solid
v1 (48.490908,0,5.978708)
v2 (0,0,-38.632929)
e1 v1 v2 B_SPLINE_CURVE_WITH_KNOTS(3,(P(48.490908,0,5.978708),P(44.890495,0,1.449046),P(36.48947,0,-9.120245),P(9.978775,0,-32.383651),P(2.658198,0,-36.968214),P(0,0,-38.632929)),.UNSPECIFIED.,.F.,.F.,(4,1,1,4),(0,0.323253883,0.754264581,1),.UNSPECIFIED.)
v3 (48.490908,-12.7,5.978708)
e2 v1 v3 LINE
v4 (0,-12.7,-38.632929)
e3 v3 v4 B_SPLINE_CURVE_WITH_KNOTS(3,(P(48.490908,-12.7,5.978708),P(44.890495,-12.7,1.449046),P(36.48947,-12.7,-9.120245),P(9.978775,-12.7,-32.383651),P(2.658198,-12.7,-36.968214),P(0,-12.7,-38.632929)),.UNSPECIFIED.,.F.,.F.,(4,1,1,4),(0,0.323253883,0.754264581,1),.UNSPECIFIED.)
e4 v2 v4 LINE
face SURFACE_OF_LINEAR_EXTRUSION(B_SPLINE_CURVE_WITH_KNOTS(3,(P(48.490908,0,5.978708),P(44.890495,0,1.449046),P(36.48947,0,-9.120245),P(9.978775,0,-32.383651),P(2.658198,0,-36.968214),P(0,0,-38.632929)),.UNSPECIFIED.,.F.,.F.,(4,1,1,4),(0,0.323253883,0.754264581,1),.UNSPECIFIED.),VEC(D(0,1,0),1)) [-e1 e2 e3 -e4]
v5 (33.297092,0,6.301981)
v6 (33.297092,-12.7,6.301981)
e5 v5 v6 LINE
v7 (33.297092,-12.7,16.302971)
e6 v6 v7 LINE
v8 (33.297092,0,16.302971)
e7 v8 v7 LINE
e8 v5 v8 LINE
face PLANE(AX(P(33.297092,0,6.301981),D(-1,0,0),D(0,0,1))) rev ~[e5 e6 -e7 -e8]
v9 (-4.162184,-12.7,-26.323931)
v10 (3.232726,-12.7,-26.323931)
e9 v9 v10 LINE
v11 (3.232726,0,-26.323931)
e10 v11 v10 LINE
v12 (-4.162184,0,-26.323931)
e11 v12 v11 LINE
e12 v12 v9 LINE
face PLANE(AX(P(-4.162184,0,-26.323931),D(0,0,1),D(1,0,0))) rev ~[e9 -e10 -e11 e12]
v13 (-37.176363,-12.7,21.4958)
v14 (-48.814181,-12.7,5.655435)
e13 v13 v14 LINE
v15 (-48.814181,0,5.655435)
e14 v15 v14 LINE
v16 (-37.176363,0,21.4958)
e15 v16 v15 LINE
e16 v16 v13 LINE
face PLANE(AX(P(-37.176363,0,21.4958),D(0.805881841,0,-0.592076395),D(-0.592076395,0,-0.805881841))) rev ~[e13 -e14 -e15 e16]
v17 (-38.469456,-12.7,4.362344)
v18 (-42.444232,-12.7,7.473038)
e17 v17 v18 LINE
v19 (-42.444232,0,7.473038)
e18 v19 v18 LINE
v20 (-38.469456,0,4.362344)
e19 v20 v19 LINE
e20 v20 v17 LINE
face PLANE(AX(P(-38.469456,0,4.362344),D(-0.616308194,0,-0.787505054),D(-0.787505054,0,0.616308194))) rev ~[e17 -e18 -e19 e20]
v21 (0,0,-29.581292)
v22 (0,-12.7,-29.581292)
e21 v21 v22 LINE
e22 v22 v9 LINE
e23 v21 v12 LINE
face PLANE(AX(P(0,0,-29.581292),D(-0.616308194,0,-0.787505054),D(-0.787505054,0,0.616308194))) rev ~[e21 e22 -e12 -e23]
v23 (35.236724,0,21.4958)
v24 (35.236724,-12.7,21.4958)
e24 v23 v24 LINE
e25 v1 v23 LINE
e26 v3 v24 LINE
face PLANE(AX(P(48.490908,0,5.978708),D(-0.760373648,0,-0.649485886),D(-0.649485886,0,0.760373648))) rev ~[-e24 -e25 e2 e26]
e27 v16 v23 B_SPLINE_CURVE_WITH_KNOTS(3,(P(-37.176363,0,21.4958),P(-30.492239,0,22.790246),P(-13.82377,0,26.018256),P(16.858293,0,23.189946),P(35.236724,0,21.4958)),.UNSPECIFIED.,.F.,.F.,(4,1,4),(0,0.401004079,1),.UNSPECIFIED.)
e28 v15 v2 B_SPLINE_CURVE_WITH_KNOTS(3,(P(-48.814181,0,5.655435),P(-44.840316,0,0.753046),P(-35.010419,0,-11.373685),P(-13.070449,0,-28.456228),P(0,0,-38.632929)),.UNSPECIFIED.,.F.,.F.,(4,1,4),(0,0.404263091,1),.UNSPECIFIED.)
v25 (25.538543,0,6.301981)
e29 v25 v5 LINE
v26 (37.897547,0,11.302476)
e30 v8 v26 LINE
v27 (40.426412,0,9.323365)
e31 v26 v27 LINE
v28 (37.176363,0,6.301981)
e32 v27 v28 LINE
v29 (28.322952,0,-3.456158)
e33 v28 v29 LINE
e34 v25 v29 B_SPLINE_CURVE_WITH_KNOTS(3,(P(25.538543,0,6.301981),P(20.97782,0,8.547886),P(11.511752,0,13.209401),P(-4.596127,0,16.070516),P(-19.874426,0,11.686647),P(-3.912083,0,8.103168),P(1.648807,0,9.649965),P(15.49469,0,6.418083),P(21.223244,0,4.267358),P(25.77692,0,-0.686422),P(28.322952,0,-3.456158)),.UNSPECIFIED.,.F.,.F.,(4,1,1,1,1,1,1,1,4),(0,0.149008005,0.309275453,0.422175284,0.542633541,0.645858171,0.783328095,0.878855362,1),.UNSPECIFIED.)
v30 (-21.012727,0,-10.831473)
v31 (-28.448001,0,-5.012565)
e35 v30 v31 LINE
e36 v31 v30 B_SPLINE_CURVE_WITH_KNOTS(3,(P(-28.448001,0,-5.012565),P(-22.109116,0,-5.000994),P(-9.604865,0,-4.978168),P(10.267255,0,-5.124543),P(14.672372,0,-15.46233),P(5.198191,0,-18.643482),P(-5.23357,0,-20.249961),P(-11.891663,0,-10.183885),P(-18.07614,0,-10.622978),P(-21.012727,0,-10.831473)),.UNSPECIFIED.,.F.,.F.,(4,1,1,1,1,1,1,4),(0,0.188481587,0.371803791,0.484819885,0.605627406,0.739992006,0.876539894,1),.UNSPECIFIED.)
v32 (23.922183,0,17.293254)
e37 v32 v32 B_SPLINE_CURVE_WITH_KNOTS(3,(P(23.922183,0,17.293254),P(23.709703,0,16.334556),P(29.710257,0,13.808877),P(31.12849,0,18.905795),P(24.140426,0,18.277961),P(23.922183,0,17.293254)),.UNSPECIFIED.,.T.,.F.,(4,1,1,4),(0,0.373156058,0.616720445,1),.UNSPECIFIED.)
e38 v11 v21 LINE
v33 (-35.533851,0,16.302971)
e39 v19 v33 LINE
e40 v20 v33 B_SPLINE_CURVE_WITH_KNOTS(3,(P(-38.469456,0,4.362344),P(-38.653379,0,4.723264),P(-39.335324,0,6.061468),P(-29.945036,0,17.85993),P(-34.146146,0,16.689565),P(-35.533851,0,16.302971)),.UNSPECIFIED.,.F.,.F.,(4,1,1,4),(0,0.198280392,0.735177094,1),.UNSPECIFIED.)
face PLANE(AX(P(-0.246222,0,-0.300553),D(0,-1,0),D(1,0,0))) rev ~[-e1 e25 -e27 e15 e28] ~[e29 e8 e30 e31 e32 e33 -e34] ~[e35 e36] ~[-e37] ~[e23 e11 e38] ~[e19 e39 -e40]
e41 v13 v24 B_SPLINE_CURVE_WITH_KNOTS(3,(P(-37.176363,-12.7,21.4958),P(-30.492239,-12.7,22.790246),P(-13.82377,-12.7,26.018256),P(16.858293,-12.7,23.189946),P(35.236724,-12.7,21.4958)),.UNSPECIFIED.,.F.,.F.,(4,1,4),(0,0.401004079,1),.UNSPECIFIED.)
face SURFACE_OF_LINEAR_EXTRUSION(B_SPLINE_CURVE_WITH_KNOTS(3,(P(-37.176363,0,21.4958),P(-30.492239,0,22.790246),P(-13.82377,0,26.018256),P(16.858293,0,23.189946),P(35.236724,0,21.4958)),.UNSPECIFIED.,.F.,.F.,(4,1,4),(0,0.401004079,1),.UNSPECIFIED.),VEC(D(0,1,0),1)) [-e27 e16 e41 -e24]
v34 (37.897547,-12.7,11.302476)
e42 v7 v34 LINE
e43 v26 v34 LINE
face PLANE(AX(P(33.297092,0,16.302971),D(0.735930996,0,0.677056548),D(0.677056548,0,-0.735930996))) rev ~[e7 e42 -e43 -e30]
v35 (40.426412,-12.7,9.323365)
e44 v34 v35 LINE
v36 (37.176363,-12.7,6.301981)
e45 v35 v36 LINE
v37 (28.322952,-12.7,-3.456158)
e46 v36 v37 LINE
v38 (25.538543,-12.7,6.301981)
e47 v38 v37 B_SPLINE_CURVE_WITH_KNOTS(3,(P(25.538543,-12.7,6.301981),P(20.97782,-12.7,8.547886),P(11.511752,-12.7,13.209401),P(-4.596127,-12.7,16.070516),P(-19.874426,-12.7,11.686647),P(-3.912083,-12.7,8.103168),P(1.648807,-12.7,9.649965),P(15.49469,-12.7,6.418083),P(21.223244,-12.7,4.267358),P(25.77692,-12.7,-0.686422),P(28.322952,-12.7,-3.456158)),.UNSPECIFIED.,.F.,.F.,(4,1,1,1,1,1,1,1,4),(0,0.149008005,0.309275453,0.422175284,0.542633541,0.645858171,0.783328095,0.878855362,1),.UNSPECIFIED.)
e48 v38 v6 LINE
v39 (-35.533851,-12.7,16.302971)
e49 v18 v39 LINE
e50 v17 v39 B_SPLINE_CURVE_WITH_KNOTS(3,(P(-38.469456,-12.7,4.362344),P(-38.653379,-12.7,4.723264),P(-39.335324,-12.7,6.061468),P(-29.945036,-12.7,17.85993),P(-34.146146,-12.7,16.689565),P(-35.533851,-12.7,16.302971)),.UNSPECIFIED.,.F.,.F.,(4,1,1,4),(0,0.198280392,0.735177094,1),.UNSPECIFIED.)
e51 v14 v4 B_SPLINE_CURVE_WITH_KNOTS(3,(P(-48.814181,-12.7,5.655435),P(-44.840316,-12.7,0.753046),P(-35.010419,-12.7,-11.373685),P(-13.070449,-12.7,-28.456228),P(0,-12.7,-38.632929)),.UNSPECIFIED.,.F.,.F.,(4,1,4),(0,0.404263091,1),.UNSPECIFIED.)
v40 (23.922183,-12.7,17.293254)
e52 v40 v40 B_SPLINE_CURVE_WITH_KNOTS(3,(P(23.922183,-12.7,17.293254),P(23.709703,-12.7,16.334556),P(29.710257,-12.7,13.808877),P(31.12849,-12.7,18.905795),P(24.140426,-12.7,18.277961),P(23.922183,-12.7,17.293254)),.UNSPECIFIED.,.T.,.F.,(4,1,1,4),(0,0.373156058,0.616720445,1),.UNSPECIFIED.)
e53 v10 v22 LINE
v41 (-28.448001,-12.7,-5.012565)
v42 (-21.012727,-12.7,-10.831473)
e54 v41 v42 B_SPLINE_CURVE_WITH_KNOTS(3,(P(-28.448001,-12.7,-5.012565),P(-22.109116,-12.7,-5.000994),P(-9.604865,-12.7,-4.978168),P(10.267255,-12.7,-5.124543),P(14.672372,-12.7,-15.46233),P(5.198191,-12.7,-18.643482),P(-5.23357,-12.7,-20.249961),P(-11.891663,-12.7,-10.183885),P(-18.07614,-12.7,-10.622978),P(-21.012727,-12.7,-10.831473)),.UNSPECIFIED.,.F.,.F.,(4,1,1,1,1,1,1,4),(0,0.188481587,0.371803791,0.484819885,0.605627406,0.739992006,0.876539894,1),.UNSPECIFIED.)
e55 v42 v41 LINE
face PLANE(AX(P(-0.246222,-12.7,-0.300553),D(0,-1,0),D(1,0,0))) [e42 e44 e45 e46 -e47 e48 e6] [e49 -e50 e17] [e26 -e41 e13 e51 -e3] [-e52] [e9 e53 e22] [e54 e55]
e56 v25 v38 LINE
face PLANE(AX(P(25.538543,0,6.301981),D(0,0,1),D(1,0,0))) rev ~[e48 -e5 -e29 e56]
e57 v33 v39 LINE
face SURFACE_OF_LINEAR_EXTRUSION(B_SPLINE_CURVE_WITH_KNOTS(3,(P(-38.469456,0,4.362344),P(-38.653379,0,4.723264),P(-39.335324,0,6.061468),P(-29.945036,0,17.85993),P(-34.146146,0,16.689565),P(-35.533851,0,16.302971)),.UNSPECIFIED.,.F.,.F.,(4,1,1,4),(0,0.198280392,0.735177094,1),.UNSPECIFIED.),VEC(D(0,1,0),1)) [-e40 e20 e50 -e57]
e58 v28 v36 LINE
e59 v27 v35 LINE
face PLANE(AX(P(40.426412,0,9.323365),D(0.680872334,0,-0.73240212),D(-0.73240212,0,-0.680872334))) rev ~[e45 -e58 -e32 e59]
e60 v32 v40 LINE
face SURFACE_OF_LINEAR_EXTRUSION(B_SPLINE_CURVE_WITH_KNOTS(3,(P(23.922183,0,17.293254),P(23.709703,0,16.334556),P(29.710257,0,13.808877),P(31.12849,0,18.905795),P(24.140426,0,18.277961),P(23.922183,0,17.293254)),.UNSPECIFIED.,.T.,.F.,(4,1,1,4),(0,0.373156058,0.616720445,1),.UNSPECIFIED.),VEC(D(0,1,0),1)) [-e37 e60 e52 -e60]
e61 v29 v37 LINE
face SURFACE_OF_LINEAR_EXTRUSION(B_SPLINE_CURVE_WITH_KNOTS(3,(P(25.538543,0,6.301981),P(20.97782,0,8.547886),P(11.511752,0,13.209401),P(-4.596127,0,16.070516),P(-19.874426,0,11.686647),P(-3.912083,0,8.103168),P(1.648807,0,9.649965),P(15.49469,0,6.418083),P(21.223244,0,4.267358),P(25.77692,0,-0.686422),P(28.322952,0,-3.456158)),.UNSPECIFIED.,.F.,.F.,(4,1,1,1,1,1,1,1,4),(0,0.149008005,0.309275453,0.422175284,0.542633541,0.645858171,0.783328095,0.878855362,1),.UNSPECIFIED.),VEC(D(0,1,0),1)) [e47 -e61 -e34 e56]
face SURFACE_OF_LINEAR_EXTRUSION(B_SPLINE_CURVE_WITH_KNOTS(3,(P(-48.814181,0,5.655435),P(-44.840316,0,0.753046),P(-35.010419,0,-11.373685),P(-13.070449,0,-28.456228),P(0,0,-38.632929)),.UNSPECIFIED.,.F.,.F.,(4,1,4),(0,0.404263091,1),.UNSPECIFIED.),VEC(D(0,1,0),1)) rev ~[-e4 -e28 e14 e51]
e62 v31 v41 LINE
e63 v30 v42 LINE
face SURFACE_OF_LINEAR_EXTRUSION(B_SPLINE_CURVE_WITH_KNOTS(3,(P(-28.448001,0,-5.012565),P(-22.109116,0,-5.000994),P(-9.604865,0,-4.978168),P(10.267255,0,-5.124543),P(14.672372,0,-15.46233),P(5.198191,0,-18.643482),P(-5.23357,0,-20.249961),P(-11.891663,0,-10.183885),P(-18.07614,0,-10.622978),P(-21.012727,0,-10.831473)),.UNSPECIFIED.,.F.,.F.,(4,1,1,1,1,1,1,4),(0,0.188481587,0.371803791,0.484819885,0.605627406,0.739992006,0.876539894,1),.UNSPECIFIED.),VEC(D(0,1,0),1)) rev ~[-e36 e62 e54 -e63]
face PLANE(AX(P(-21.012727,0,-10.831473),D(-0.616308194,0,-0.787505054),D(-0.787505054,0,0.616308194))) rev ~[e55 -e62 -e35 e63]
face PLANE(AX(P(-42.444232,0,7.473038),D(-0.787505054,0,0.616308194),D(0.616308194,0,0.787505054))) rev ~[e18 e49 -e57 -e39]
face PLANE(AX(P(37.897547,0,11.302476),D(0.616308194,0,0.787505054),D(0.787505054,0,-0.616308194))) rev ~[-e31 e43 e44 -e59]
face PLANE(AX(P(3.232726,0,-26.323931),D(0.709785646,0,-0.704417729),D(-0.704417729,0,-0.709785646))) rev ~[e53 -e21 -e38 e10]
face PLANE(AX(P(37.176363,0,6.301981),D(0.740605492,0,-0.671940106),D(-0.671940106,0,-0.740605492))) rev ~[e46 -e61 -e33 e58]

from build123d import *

# Parameters (mm, degrees)
F1_DEPTH = 12.7


with BuildPart() as f1:
    # F0 (on Front) → F1 (new body)
    with BuildSketch(Plane.XZ):
        with BuildLine():
            Line((48.4909079969, 5.9787081555), (35.236723721, 21.4958004653))
            add(Edge.make_bspline(
                [(-37.1763631701, 21.4958004653), (-30.4922389815, 22.790245679), (-13.8237696739, 26.0182557675), (16.8582932137, 23.1899462992), (35.236723721, 21.4958004653)],
                knots=[0, 0, 0, 0, 0.4010040793, 1, 1, 1, 1], degree=3))
            Line((-37.1763631701, 21.4958004653), (-48.8141812384, 5.6554353796))
            add(Edge.make_bspline(
                [(-48.8141812384, 5.6554353796), (-44.8403164381, 0.7530456089), (-35.0104188161, -11.3736854126), (-13.0704494977, -28.4562281329), (0, -38.6329293251)],
                knots=[0, 0, 0, 0, 0.4042630913, 1, 1, 1, 1], degree=3))
            add(Edge.make_bspline(
                [(48.4909079969, 5.9787081555), (44.8904951878, 1.4490455574), (36.4894704691, -9.1202445411), (9.978774935, -32.3836513029), (2.6581978512, -36.9682142154), (0, -38.6329293251)],
                knots=[0, 0, 0, 0, 0.3232538828, 0.7542645813, 1, 1, 1, 1], degree=3))
        make_face()
        Polygon((3.2327261288, -26.3239309324), (0, -29.5812916011), (-4.1621838152, -26.3239309324), align=None, mode=Mode.SUBTRACT)
        with BuildLine():
            add(Edge.make_bspline(
                [(-28.4480005503, -5.0125648268), (-22.1091164505, -5.0009936703), (-9.6048651103, -4.9781680994), (10.2672546047, -5.1245428498), (14.6723723069, -15.4623298937), (5.1981909958, -18.6434819903), (-5.2335699235, -20.2499613433), (-11.8916631255, -10.1838847718), (-18.0761399204, -10.6229779296), (-21.0127271712, -10.8314733952)],
                knots=[0, 0, 0, 0, 0.1884815871, 0.3718037908, 0.4848198852, 0.6056274056, 0.7399920061, 0.8765398941, 1, 1, 1, 1], degree=3))
            Line((-21.0127271712, -10.8314733952), (-28.4480005503, -5.0125648268))
        make_face(mode=Mode.SUBTRACT)
        with BuildLine():
            add(Edge.make_bspline(
                [(-38.4694561362, 4.3623442762), (-38.6533794555, 4.7232636941), (-39.3353238969, 6.0614680713), (-29.9450358126, 17.8599300389), (-34.1461460535, 16.6895645432), (-35.5338509463, 16.3029710401)],
                knots=[0, 0, 0, 0, 0.1982803923, 0.735177094, 1, 1, 1, 1], degree=3))
            Line((-38.4694561362, 4.3623442762), (-42.4442321206, 7.4730379728))
            Line((-42.4442321206, 7.4730379728), (-35.5338509463, 16.3029710401))
        make_face(mode=Mode.SUBTRACT)
        with BuildLine():
            Line((33.2970917225, 6.3019809313), (33.2970917225, 16.3029710401))
            Line((33.2970917225, 16.3029710401), (37.8975473915, 11.3024759857))
            Line((37.8975473915, 11.3024759857), (40.4264117575, 9.323365094))
            Line((40.4264117575, 9.323365094), (37.1763631701, 6.3019809313))
            Line((37.1763631701, 6.3019809313), (28.3229519033, -3.4561581429))
            add(Edge.make_bspline(
                [(25.5385432392, 6.3019809313), (20.9778197005, 8.5478855169), (11.5117521271, 13.2094012588), (-4.5961265742, 16.0705158031), (-19.8744258084, 11.6866465044), (-3.9120833051, 8.1031682244), (1.6488071751, 9.6499650339), (15.4946900706, 6.4180829782), (21.2232439982, 4.2673584975), (25.7769204491, -0.686422181), (28.3229519033, -3.4561581429)],
                knots=[0, 0, 0, 0, 0.1490080045, 0.3092754533, 0.422175284, 0.542633541, 0.6458581709, 0.7833280946, 0.8788553617, 1, 1, 1, 1], degree=3))
            Line((25.5385432392, 6.3019809313), (33.2970917225, 6.3019809313))
        make_face(mode=Mode.SUBTRACT)
        with BuildLine():
            add(Edge.make_bspline(
                [(23.9221826196, 17.2932539135), (23.709703424, 16.3345558525), (29.7102568431, 13.8088770407), (31.1284897834, 18.9057951608), (24.1404262468, 18.2779608715), (23.9221826196, 17.2932539135)],
                knots=[0, 0, 0, 0, 0.3731560578, 0.6167204447, 1, 1, 1, 1], degree=3))
        make_face(mode=Mode.SUBTRACT)
    extrude(amount=F1_DEPTH)


solid = f1.part
